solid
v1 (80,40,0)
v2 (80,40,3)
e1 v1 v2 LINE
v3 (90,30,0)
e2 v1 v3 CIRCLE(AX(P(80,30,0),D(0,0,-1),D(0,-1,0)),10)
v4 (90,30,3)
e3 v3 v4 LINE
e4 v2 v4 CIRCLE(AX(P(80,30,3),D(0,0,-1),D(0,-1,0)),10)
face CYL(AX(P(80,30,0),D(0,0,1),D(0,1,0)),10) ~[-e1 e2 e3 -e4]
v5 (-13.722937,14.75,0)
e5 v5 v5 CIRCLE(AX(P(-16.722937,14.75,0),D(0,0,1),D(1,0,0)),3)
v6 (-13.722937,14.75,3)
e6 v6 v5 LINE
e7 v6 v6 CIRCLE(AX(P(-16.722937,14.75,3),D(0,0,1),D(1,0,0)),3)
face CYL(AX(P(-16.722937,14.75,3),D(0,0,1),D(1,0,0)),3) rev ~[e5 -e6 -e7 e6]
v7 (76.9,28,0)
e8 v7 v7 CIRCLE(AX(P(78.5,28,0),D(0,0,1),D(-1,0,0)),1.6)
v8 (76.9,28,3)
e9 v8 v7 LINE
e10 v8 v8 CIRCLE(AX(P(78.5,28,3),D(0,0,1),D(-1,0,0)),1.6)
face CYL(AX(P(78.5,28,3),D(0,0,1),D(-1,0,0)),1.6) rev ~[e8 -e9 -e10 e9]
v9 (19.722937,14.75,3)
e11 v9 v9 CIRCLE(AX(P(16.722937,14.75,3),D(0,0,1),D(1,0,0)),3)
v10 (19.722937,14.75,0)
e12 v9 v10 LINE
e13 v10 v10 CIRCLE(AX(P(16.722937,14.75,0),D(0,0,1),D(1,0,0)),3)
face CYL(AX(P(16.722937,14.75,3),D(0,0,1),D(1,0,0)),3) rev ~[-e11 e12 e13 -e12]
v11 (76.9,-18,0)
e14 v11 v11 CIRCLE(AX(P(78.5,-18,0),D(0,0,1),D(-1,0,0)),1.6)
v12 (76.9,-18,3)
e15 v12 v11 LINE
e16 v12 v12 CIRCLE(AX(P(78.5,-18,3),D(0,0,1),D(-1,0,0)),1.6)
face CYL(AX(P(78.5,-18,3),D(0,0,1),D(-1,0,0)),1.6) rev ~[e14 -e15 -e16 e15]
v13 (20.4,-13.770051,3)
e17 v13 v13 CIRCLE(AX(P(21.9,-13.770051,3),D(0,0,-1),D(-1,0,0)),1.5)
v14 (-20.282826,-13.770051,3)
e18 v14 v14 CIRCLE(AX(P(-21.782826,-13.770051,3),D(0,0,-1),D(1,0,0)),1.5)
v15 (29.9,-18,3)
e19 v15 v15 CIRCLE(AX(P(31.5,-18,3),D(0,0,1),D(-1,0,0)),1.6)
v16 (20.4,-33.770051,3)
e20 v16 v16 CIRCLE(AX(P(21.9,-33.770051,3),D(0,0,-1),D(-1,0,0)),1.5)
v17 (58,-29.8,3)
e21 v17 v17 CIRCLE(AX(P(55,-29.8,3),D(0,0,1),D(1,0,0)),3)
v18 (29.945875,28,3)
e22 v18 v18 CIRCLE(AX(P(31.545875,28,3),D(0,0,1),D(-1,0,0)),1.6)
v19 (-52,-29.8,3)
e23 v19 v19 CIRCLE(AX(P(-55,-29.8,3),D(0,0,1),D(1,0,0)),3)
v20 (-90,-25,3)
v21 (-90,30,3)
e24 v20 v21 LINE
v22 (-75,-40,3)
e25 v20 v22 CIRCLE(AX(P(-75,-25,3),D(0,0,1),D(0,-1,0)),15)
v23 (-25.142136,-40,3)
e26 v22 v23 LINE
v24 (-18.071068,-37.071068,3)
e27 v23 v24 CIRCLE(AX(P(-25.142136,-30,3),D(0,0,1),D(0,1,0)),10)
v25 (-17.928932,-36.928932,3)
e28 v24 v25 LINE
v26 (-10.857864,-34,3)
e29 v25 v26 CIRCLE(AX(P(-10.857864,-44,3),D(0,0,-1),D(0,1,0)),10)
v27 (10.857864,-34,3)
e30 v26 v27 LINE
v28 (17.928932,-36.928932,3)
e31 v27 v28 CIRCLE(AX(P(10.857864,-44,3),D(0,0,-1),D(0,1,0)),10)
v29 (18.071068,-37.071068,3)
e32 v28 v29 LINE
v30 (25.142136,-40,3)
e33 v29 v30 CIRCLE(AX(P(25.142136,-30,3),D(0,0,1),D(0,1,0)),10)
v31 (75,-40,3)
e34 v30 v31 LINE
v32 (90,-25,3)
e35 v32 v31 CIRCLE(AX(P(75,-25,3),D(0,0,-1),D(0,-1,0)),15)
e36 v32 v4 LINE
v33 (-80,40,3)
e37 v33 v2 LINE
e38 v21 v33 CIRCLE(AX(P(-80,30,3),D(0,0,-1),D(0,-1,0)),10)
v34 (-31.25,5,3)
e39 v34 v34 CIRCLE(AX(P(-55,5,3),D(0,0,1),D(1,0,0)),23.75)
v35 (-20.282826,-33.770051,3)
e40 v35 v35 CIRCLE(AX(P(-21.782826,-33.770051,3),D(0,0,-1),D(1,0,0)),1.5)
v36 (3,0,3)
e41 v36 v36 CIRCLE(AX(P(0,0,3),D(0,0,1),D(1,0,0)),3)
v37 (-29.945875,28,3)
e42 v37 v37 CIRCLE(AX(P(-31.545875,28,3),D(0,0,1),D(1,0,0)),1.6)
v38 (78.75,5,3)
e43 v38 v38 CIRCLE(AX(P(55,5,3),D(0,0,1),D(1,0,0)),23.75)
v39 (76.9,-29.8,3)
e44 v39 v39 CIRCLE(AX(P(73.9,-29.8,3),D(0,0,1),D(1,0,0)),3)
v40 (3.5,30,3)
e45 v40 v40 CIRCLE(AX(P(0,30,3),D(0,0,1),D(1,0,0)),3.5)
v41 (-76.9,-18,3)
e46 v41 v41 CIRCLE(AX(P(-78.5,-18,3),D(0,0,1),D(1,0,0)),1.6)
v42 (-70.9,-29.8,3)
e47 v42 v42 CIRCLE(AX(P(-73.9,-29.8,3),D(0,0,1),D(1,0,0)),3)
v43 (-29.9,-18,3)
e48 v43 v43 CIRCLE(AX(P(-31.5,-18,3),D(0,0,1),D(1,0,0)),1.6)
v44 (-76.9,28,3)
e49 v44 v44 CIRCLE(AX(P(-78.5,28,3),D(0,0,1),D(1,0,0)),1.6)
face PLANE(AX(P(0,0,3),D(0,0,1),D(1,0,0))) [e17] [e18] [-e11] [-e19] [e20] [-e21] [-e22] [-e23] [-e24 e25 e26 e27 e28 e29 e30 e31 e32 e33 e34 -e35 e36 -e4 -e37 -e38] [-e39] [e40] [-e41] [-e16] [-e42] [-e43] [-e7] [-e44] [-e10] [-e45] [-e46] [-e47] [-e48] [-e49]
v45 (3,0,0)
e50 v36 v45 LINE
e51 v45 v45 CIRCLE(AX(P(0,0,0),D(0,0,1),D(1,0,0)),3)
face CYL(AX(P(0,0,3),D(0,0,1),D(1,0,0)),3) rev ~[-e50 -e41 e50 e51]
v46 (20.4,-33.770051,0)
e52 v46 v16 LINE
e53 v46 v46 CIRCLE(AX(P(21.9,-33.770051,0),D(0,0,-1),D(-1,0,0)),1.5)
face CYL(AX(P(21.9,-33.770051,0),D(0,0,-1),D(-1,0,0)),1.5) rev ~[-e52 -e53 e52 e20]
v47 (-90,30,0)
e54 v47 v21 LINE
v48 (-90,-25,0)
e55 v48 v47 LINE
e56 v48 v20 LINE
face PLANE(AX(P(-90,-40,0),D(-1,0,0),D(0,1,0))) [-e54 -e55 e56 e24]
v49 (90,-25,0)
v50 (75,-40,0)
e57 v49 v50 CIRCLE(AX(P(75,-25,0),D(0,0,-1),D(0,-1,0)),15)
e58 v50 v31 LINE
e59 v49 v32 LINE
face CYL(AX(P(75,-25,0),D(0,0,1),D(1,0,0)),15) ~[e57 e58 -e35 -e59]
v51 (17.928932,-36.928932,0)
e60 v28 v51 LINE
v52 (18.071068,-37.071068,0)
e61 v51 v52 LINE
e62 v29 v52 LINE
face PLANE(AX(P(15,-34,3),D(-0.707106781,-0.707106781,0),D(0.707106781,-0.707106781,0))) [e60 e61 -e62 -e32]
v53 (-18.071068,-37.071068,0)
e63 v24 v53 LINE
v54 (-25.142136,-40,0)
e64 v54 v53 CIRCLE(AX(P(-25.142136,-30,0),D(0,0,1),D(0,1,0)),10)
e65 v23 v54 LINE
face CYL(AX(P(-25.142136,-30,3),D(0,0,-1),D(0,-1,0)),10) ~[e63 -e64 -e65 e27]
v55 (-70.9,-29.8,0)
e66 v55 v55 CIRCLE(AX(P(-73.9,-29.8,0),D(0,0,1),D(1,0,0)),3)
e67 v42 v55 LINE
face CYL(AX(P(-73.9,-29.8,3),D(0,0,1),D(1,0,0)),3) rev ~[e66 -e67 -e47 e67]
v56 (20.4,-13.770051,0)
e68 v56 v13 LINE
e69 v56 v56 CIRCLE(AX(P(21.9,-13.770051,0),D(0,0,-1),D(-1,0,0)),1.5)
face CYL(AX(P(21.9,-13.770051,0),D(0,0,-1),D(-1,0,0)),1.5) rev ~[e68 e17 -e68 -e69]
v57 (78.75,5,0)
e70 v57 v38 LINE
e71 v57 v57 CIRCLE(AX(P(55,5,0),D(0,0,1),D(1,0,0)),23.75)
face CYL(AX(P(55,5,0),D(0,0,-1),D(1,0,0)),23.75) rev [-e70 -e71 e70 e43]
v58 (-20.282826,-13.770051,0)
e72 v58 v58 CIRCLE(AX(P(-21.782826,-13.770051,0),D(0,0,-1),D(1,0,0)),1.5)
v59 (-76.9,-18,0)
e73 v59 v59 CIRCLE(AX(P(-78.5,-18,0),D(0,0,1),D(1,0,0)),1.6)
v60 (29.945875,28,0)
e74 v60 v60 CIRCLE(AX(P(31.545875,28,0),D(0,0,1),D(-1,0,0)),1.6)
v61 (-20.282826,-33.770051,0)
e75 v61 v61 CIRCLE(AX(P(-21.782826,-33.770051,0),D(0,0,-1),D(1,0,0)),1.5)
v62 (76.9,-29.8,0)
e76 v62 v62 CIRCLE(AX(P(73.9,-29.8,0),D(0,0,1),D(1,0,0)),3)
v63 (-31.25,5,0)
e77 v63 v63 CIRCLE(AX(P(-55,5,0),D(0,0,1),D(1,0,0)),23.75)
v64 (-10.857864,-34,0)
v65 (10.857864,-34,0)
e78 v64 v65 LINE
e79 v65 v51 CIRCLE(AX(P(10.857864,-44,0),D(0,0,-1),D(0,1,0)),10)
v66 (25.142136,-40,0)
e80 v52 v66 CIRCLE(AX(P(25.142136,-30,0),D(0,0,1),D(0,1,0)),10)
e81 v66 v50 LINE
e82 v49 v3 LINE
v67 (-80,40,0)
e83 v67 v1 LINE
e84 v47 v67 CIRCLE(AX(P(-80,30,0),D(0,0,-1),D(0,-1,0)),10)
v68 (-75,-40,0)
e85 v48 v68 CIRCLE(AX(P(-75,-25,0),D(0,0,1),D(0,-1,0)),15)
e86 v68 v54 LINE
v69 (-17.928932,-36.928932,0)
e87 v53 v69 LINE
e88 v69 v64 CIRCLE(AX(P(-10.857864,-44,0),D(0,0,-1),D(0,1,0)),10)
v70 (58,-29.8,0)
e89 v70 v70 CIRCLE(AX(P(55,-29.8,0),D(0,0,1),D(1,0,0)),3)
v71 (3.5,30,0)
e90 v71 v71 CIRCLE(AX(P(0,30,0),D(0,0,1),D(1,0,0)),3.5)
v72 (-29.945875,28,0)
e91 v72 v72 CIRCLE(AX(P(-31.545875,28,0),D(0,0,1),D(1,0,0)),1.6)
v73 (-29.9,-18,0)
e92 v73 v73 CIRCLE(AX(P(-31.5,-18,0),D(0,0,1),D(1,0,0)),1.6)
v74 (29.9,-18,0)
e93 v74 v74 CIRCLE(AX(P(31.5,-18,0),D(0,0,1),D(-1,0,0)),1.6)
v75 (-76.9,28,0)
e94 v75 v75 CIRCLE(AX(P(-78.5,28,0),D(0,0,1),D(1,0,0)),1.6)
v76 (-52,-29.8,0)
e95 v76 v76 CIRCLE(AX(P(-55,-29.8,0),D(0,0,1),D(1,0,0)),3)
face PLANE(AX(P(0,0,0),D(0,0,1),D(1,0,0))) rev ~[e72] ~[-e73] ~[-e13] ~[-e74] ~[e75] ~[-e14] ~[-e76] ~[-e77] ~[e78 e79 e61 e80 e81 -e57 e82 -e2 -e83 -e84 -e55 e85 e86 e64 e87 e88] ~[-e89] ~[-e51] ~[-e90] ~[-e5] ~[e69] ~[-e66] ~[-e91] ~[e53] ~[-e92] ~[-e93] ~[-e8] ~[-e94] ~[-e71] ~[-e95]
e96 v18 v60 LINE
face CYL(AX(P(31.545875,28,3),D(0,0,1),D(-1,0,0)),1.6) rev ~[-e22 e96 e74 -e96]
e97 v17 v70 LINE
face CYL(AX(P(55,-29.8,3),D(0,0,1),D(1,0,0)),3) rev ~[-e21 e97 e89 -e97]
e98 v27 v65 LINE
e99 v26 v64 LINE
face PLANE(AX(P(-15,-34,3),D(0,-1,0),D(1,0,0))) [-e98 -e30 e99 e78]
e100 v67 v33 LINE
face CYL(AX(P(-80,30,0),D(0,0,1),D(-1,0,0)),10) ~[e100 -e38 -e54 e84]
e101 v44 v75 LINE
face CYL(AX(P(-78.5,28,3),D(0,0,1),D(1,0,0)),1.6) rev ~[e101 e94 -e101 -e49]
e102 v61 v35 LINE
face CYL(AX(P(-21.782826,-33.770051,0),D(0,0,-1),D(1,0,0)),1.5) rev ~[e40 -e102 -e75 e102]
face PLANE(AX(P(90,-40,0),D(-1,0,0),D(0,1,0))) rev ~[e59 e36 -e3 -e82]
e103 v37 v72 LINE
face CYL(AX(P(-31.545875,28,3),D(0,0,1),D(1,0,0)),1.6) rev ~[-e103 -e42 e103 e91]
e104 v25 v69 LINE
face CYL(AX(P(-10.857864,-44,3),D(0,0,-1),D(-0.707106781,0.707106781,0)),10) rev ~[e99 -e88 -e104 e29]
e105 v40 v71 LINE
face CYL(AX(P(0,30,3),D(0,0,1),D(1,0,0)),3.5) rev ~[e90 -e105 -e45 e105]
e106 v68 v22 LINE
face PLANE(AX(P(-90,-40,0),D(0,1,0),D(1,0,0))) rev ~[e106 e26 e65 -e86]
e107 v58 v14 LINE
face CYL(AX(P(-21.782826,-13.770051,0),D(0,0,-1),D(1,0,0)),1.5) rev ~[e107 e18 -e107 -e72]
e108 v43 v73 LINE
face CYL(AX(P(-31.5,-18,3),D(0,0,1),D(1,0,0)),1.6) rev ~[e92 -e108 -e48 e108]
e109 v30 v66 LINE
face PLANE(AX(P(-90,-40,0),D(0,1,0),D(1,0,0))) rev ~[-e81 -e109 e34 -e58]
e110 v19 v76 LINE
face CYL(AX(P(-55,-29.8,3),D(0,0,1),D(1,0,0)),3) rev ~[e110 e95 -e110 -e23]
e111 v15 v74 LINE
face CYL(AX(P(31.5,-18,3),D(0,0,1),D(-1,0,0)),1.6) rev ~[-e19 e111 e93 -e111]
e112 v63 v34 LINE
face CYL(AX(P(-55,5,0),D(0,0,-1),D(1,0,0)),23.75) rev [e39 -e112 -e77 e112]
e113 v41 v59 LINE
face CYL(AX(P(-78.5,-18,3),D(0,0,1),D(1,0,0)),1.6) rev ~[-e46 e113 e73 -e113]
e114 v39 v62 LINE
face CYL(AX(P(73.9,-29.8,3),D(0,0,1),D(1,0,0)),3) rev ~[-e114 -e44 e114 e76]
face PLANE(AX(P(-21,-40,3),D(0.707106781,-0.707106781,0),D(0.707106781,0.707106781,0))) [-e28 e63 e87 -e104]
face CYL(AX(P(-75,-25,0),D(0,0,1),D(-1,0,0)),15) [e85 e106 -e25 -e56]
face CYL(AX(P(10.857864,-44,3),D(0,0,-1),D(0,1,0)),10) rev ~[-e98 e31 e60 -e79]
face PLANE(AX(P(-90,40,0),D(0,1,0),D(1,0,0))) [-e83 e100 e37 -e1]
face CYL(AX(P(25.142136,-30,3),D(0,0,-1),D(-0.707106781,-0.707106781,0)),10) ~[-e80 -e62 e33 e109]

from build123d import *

# Parameters (mm, degrees)
SKETCH1_W           = 180
SKETCH1_H           = 80
SKETCH1_R           = 23.75
BOSS_EXTRUDE1_DEPTH = 3
CUT_EXTRUDE2_DEPTH  = 3
SKETCH4_R           = 1.6
CUT_EXTRUDE3_DEPTH  = 3
SKETCH7_R           = 3
SKETCH7_R_2         = 3.5
CUT_EXTRUDE4_DEPTH  = 3
FILLET1_R           = 10
FILLET2_R           = 15
FILLET3_R           = 10
SKETCH8_R           = 3
CUT_EXTRUDE6_DEPTH  = 10
SKETCH9_R           = 1.5
CUT_EXTRUDE7_DEPTH  = 10


with BuildPart() as part:
    # Sketch1 → Boss-Extrude1 (new body)
    with BuildSketch(Plane.XY):
        Rectangle(SKETCH1_W, SKETCH1_H)
        with Locations((55, 5)):
            Circle(SKETCH1_R, mode=Mode.SUBTRACT)
        with Locations((-55, 5)):
            Circle(SKETCH1_R, mode=Mode.SUBTRACT)
    extrude(amount=BOSS_EXTRUDE1_DEPTH)

    # Sketch3 → Cut-Extrude2 (cut)
    with BuildSketch(Plane.XY.offset(3)):
        Polygon((-21, -40), (-15, -34), (15, -34), (21, -40), align=None)
    extrude(amount=-CUT_EXTRUDE2_DEPTH, mode=Mode.SUBTRACT)

    # Sketch4 → Cut-Extrude3 (cut)
    with BuildSketch(Plane.XY.offset(3)):
        with Locations((-78.5, 28)):
            Circle(SKETCH4_R)
        with Locations((-31.545874822, 28)):
            Circle(SKETCH4_R)
        with Locations((-31.5, -18)):
            Circle(SKETCH4_R)
        with Locations((-78.5, -18)):
            Circle(SKETCH4_R)
        with Locations(Location((31.5, -18, 0), (0, 0, 180))):
            Circle(SKETCH4_R)
        with Locations(Location((31.545874822, 28, 0), (0, 0, 180))):
            Circle(SKETCH4_R)
        with Locations(Location((78.5, 28, 0), (0, 0, 180))):
            Circle(SKETCH4_R)
        with Locations(Location((78.5, -18, 0), (0, 0, 180))):
            Circle(SKETCH4_R)
    extrude(amount=-CUT_EXTRUDE3_DEPTH, mode=Mode.SUBTRACT)

    # Sketch7 → Cut-Extrude4 (cut)
    with BuildSketch(Plane.XY.offset(3)):
        Circle(SKETCH7_R)
        with Locations((0, 30)):
            Circle(SKETCH7_R_2)
    extrude(amount=-CUT_EXTRUDE4_DEPTH, mode=Mode.SUBTRACT)

    # Fillet1
    fillet1_edges = [part.edges().sort_by_distance(p)[0] for p in [
        (-90, 40, 1.5),
        (90, 40, 1.5),
    ]]
    fillet(fillet1_edges, radius=FILLET1_R)

    # Fillet2
    fillet2_edges = [part.edges().sort_by_distance(p)[0] for p in [
        (90, -40, 1.5),
        (-90, -40, 1.5),
    ]]
    fillet(fillet2_edges, radius=FILLET2_R)

    # Fillet3
    fillet3_edges = [part.edges().sort_by_distance(p)[0] for p in [
        (-15, -34, 1.5),
        (15, -34, 1.5),
        (21, -40, 1.5),
        (-21, -40, 1.5),
    ]]
    fillet(fillet3_edges, radius=FILLET3_R)

    # Sketch8 → Cut-Extrude6 (cut)
    with BuildSketch(Plane.XY.offset(3)):
        with Locations((-55, -29.8)):
            Circle(SKETCH8_R)
        with Locations((-73.9, -29.8)):
            Circle(SKETCH8_R)
        with Locations((55, -29.8)):
            Circle(SKETCH8_R)
        with Locations((73.9, -29.8)):
            Circle(SKETCH8_R)
        with Locations((-16.722937411, 14.75)):
            Circle(SKETCH8_R)
        with Locations((16.722937411, 14.75)):
            Circle(SKETCH8_R)
    extrude(amount=-CUT_EXTRUDE6_DEPTH, mode=Mode.SUBTRACT)

    # Sketch9 → Cut-Extrude7 (cut)
    with BuildSketch(Plane(origin=(0, 0, 0), x_dir=(-1, 0, 0), z_dir=(0, 0, -1))):
        with Locations((-21.9, -33.770050686)):
            Circle(SKETCH9_R)
        with Locations((-21.9, -13.770050686)):
            Circle(SKETCH9_R)
        with Locations(Location((21.782825633, -13.770050686, 0), (0, 0, 180))):
            Circle(SKETCH9_R)
        with Locations(Location((21.782825633, -33.770050686, 0), (0, 0, 180))):
            Circle(SKETCH9_R)
    extrude(amount=-CUT_EXTRUDE7_DEPTH, mode=Mode.SUBTRACT)


solid = part.part
